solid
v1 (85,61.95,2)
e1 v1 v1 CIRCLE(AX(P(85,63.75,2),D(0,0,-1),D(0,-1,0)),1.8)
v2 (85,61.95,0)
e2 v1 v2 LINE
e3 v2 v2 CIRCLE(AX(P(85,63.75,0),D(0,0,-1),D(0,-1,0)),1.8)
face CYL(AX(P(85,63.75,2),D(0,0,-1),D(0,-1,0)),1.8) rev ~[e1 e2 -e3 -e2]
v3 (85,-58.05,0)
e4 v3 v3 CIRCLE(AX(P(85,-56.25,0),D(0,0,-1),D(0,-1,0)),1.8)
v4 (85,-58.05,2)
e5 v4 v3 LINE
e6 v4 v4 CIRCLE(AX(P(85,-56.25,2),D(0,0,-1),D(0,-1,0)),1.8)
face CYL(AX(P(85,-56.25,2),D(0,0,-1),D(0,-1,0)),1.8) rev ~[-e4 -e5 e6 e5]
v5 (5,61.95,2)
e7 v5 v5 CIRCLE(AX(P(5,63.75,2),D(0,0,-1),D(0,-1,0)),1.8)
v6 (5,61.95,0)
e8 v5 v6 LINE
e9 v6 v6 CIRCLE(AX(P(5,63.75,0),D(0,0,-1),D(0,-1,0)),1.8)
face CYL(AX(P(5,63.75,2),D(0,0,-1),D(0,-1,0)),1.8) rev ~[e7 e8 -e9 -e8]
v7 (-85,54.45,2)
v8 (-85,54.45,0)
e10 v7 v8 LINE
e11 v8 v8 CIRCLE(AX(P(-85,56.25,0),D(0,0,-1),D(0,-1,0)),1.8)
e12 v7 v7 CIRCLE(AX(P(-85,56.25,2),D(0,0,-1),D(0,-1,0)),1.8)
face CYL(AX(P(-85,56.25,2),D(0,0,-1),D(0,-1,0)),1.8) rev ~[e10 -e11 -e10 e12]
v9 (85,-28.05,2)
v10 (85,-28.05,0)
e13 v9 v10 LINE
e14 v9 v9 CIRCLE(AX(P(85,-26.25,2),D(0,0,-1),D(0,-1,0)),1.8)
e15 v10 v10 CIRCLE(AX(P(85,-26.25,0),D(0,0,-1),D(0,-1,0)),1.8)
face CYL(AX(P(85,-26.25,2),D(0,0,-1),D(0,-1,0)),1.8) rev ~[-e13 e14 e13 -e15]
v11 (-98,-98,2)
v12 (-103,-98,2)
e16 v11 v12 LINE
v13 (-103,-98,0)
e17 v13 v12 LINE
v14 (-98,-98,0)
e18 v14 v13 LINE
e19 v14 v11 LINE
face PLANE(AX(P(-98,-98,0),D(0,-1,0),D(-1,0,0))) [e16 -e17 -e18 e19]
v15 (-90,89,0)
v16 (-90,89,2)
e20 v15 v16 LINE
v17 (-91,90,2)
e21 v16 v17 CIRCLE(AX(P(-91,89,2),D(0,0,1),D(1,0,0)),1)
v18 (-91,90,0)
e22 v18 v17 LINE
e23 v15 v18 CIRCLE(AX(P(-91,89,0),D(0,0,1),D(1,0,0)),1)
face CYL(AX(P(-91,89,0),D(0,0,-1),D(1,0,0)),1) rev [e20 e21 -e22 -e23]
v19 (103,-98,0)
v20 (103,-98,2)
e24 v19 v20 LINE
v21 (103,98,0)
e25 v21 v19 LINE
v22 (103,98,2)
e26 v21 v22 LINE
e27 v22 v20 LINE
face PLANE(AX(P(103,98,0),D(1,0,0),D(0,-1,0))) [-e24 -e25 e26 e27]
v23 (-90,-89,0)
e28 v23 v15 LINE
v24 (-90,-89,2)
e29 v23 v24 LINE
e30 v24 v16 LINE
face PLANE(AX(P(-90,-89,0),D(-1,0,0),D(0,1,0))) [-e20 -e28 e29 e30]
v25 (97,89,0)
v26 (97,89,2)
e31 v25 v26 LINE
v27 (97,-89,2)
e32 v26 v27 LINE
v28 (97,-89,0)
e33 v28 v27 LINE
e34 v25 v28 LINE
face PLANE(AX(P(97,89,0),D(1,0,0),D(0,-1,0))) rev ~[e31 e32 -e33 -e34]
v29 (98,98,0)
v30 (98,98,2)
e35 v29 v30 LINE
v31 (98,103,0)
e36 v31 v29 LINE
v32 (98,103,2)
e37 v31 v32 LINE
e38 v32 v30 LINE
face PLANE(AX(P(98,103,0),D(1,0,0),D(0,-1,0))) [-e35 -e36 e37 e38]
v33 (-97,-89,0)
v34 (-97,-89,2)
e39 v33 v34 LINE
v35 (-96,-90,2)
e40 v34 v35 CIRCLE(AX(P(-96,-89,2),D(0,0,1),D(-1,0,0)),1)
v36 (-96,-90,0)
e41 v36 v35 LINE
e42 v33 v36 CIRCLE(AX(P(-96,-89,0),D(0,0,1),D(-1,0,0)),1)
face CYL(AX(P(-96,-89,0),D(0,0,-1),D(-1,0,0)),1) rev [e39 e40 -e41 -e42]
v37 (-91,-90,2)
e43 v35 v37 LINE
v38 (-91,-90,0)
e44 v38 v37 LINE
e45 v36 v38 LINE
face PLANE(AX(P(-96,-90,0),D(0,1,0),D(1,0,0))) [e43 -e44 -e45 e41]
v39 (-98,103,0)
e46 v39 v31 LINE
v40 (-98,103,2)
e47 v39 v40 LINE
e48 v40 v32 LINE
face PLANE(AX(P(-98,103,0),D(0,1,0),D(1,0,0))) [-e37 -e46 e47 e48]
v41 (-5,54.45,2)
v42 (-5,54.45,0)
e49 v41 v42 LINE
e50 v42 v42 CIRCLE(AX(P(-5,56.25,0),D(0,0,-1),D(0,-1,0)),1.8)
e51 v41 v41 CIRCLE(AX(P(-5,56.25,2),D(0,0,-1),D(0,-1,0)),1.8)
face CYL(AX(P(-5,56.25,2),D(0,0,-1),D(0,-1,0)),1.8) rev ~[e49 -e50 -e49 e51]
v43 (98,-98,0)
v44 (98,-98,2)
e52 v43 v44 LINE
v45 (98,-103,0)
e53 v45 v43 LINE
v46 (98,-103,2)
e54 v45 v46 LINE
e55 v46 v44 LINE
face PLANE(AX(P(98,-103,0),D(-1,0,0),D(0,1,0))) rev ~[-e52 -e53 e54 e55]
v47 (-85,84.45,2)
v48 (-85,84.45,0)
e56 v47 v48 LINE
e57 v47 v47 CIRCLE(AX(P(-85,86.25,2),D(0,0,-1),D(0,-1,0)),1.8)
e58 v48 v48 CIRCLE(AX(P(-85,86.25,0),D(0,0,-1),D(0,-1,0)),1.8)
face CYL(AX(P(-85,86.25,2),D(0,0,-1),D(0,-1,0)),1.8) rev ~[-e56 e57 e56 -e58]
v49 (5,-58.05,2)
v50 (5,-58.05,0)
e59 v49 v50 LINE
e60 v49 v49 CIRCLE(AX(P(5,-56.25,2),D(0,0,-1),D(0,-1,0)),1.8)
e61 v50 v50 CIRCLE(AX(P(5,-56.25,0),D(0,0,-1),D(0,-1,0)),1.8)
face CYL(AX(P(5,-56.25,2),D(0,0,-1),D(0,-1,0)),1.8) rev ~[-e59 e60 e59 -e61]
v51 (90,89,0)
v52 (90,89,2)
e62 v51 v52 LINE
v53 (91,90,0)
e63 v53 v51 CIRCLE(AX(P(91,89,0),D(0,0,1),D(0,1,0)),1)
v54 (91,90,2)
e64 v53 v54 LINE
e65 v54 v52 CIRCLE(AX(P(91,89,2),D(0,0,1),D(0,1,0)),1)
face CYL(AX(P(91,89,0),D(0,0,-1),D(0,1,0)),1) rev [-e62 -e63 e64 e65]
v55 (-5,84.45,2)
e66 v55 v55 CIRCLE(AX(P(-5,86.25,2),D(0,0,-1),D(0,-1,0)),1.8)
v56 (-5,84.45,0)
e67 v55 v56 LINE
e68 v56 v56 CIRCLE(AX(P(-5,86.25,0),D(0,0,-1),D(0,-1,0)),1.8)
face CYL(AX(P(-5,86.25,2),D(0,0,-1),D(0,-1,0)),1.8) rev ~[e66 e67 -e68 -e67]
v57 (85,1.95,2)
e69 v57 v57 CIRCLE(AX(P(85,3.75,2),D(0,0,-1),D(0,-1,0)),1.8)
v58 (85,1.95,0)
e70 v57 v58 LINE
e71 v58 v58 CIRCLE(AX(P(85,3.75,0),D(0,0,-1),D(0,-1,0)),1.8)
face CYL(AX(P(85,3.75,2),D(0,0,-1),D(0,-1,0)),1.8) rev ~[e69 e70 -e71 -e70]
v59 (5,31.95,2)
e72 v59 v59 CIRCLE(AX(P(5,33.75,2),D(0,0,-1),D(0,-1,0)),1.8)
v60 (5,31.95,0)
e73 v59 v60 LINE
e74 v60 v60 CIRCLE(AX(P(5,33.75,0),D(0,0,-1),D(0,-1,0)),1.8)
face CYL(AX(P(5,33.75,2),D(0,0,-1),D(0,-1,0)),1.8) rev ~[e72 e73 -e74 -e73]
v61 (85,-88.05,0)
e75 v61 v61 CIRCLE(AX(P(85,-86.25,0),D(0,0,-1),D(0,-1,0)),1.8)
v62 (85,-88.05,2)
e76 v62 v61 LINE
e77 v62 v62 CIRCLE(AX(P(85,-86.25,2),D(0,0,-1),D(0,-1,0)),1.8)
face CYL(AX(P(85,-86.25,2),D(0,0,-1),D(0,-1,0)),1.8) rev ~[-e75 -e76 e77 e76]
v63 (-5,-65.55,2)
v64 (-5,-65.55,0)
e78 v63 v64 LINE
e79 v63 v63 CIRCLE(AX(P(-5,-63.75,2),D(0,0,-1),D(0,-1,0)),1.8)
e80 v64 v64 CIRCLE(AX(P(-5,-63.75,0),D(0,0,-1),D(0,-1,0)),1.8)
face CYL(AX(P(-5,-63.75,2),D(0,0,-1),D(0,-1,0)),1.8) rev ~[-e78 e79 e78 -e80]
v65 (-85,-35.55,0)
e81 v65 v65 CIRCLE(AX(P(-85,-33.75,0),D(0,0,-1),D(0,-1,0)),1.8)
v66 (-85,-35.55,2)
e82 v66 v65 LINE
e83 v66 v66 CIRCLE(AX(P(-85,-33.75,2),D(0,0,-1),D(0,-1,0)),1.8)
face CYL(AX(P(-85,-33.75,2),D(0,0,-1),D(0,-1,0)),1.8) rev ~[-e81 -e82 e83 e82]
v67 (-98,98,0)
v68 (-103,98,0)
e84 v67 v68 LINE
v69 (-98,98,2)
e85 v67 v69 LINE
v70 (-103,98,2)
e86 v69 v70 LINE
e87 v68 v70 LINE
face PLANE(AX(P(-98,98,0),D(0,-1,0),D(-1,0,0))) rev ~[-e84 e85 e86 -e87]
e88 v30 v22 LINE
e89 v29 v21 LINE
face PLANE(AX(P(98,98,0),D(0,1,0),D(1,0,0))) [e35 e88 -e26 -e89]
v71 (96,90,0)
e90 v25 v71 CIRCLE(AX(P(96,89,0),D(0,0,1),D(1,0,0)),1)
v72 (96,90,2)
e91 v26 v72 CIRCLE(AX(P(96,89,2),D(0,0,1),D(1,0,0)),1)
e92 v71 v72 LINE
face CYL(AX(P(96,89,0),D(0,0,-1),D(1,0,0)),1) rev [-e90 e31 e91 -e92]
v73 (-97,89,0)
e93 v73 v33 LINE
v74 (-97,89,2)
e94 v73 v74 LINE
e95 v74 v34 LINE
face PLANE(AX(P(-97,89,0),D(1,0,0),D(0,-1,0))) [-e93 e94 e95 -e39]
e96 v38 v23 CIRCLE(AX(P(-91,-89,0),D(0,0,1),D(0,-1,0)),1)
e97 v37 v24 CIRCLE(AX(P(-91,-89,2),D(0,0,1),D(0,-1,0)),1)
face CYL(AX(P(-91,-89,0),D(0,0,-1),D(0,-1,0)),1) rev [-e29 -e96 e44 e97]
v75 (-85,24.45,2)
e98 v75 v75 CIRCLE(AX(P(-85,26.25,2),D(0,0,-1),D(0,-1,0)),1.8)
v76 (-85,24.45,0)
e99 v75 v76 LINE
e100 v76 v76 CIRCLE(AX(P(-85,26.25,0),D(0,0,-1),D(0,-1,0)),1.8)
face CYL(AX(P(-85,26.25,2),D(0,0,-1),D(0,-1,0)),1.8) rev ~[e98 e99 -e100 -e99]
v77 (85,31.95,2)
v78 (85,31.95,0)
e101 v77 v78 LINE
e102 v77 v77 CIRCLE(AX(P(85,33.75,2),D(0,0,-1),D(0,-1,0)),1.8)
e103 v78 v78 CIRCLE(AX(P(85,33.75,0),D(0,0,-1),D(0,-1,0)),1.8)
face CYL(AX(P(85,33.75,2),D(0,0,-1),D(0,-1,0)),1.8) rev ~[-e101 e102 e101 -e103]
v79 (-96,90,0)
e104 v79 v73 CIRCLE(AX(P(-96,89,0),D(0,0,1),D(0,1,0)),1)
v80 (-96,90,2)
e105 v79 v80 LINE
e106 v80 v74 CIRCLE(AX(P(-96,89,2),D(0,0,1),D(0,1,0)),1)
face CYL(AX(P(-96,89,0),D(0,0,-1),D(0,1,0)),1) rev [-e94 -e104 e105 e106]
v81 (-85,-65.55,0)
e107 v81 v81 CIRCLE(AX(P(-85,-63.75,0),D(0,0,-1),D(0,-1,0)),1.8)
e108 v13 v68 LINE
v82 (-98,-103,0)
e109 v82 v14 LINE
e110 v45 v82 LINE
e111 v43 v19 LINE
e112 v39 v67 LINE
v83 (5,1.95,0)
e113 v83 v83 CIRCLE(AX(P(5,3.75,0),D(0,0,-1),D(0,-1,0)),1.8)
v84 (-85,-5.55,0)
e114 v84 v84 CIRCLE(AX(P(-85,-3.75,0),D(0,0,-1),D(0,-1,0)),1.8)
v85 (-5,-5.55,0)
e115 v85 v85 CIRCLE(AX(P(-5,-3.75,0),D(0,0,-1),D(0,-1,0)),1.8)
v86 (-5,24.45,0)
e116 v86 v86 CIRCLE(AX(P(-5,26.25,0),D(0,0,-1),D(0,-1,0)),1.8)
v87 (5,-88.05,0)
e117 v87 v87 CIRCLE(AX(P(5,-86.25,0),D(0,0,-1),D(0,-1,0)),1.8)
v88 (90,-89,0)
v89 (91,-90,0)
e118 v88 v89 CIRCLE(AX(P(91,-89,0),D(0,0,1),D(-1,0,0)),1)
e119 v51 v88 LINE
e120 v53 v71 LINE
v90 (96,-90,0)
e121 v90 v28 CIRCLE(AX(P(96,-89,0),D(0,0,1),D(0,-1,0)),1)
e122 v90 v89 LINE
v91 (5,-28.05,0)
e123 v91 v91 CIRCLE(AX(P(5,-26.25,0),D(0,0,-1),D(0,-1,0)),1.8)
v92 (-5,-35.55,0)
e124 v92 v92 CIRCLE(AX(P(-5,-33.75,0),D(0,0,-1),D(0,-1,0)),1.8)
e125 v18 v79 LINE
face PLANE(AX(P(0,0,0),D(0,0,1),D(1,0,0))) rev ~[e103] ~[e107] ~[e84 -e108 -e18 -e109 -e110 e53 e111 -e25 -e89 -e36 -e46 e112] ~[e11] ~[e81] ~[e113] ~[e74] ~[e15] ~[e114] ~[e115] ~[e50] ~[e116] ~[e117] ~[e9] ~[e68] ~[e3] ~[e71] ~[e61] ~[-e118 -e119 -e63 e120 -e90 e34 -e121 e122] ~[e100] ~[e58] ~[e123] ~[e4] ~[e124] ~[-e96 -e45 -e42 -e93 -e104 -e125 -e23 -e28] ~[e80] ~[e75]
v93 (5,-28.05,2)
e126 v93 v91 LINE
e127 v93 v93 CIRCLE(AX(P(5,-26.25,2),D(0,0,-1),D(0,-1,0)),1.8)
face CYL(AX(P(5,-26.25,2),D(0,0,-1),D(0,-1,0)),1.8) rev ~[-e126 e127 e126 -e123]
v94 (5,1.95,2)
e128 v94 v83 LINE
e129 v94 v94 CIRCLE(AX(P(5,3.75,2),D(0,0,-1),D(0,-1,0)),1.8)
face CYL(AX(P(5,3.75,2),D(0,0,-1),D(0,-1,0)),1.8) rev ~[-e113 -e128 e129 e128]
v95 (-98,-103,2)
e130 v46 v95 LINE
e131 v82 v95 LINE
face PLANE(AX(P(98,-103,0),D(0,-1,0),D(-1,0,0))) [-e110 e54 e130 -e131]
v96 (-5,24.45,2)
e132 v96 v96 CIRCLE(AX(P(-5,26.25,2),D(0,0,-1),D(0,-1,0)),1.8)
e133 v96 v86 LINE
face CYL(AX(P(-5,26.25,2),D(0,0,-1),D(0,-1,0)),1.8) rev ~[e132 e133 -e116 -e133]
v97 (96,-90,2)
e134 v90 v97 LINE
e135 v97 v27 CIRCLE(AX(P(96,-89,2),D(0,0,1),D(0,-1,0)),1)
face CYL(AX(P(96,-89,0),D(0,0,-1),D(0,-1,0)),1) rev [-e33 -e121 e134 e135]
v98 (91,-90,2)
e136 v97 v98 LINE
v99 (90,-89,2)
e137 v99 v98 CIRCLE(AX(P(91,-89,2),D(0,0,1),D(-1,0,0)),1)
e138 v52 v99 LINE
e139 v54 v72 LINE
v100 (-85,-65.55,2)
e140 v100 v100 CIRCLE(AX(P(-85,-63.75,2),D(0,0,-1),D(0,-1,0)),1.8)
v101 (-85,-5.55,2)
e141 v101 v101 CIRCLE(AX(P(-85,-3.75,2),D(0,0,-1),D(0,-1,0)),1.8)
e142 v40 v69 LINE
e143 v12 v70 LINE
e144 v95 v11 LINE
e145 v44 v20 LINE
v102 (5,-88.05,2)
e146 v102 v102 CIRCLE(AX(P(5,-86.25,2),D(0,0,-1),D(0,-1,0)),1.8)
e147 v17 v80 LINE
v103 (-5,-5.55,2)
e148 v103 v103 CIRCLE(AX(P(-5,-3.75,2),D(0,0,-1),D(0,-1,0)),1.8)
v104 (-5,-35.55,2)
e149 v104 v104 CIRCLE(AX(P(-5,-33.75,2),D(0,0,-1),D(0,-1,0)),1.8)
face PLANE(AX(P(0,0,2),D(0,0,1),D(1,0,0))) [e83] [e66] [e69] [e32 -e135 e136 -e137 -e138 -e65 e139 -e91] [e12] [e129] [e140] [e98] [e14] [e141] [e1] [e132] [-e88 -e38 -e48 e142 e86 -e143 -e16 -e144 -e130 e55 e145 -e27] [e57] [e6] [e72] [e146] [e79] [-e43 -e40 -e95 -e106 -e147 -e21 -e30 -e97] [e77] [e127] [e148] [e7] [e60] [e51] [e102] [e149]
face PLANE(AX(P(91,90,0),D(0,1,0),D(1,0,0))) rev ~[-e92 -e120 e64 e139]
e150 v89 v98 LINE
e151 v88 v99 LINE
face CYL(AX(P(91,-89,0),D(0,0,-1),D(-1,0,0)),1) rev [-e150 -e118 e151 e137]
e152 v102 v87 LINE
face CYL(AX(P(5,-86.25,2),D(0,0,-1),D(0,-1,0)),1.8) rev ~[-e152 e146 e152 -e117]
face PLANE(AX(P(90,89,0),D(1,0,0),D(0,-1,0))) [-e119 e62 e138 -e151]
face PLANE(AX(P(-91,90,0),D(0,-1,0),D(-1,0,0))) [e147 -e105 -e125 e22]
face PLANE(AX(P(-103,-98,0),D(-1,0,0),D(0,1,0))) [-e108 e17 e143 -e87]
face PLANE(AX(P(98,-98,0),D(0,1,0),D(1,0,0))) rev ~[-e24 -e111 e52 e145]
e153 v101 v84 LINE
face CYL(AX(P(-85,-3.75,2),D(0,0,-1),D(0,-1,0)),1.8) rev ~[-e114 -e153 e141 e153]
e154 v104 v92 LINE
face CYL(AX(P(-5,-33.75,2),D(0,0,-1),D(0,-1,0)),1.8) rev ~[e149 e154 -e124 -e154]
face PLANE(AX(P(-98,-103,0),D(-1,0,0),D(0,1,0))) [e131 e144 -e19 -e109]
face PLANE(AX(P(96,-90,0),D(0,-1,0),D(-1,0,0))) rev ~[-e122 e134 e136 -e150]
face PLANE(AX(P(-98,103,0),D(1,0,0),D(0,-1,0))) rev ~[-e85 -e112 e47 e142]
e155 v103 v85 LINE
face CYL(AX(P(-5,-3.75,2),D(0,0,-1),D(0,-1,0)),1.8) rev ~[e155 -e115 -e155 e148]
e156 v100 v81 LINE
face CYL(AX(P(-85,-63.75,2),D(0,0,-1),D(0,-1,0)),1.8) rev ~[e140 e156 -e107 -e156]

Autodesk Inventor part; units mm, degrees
ref_plane "YZ Plane" through (0, 0, 0) normal (1, 0, 0) x (0, 1, 0)
ref_plane "XZ Plane" through (0, 0, 0) normal (0, 1, 0) x (-1, 0, 0)
ref_plane "XY Plane" through (0, 0, 0) normal (0, 0, 1) x (1, 0, 0)
sketch "Sketch2" plane through (0, 0, 0) normal (0, 0, 1) x (1, 0, 0)
  line L0 (-103, 103) -> (103, 103)
  line L1 (103, 103) -> (103, -103)
  line L2 (103, -103) -> (-103, -103)
  line L3 (-103, -103) -> (-103, 103)
  line L4 (-103, 103) -> (103, -103) construction
  line L5 (103, 103) -> (-103, -103) construction
  line L6 (-103, 103) -> (-98, 103)
  line L7 (-98, 103) -> (-98, 98)
  line L8 (-98, 98) -> (-103, 98)
  line L9 (-103, 98) -> (-103, 103)
  line L10 (103, 103) -> (98, 103)
  line L11 (98, 103) -> (98, 98)
  line L12 (98, 98) -> (103, 98)
  line L13 (103, 98) -> (103, 103)
  line L14 (103, -103) -> (98, -103)
  line L15 (98, -103) -> (98, -98)
  line L16 (98, -98) -> (103, -98)
  line L17 (103, -98) -> (103, -103)
  line L18 (-103, -103) -> (-98, -103)
  line L19 (-98, -103) -> (-98, -98)
  line L20 (-98, -98) -> (-103, -98)
  line L21 (-103, -98) -> (-103, -103)
  line L22 (90, 89) -> (90, -89)
  line L23 (-90, 90) -> (90, -90) construction
  line L24 (90, 90) -> (-90, -90) construction
  line L25 (-91, 90) -> (-96, 90)
  line L26 (-97, 89) -> (-97, -89)
  line L27 (-96, -90) -> (-91, -90)
  line L28 (-90, -89) -> (-90, 89)
  line L29 (91, 90) -> (96, 90)
  line L30 (97, 89) -> (97, -89)
  line L31 (96, -90) -> (91, -90)
  arc A0 (-96, 90) -> (-97, 89) centre (-96, 89) ccw
  arc A1 (-90, 89) -> (-91, 90) centre (-91, 89) ccw
  arc A2 (-91, -90) -> (-90, -89) centre (-91, -89) ccw
  arc A3 (-97, -89) -> (-96, -90) centre (-96, -89) ccw
  arc A4 (97, 89) -> (96, 90) centre (96, 89) ccw
  arc A5 (91, 90) -> (90, 89) centre (91, 89) ccw
  arc A6 (96, -90) -> (97, -89) centre (96, -89) ccw
  arc A7 (90, -89) -> (91, -90) centre (91, -89) ccw
  point P0 (0, 0)
  point P1 (-97, -90)
  point P2 (97, -90)
  dimension "d0" = 206
  dimension "d1" = 206
  dimension "d2" = 5
  dimension "d3" = 5
  dimension "d4" = 5
  dimension "d5" = 5
  dimension "d6" = 5
  dimension "d7" = 5
  dimension "d8" = 5
  dimension "d9" = 5
  dimension "d10" = 180
  dimension "d11" = 180
  dimension "d12" = 7
  dimension "d14" = 1
  dimension "d15" = 180
extrude "Extrusion1" add sketch "Sketch2" along normal blind 2 contours L0 L11 L12 L1 L16 L15 L2 L19 L20 L3 L8 L7
sketch "Sketch3" plane through (0, 0, 2) normal (0, 0, 1) x (1, 0, 0)
  circle A0 centre (-85, 86.25) radius 1.825
  point P0 (0, 0)
  dimension "d18" = 3.65
hole "Hole1" at (-85, 86.25, 2) direction (0, 0, -1) diameter 3.6 depth 10
pattern_linear "Rectangular Pattern1" count 2 spacing 80 along (1, 0, 0) count 6 spacing 30 along (0, -1, 0) of "Hole1"
sketch "Sketch4" plane through (0, 0, 2) normal (0, 0, 1) x (1, 0, 0)
  circle A0 centre (5, 63.75) radius 1.8
  line L0 (98, 103) -> (-98, 103) projected
  point P0 (0, 0)
  dimension "d33" = 3.6
  dimension "d47" = 39.25
hole "Hole2" at (5, 63.75, 2) direction (0, 0, -1) diameter 3.6 depth 10
pattern_linear "Rectangular Pattern2" count 2 spacing 80 along (1, 0, 0) count 6 spacing 30 along (0, -1, 0) of "Hole2"
properties part number "Baseplate_for_PCBs_mirroredHoles"
